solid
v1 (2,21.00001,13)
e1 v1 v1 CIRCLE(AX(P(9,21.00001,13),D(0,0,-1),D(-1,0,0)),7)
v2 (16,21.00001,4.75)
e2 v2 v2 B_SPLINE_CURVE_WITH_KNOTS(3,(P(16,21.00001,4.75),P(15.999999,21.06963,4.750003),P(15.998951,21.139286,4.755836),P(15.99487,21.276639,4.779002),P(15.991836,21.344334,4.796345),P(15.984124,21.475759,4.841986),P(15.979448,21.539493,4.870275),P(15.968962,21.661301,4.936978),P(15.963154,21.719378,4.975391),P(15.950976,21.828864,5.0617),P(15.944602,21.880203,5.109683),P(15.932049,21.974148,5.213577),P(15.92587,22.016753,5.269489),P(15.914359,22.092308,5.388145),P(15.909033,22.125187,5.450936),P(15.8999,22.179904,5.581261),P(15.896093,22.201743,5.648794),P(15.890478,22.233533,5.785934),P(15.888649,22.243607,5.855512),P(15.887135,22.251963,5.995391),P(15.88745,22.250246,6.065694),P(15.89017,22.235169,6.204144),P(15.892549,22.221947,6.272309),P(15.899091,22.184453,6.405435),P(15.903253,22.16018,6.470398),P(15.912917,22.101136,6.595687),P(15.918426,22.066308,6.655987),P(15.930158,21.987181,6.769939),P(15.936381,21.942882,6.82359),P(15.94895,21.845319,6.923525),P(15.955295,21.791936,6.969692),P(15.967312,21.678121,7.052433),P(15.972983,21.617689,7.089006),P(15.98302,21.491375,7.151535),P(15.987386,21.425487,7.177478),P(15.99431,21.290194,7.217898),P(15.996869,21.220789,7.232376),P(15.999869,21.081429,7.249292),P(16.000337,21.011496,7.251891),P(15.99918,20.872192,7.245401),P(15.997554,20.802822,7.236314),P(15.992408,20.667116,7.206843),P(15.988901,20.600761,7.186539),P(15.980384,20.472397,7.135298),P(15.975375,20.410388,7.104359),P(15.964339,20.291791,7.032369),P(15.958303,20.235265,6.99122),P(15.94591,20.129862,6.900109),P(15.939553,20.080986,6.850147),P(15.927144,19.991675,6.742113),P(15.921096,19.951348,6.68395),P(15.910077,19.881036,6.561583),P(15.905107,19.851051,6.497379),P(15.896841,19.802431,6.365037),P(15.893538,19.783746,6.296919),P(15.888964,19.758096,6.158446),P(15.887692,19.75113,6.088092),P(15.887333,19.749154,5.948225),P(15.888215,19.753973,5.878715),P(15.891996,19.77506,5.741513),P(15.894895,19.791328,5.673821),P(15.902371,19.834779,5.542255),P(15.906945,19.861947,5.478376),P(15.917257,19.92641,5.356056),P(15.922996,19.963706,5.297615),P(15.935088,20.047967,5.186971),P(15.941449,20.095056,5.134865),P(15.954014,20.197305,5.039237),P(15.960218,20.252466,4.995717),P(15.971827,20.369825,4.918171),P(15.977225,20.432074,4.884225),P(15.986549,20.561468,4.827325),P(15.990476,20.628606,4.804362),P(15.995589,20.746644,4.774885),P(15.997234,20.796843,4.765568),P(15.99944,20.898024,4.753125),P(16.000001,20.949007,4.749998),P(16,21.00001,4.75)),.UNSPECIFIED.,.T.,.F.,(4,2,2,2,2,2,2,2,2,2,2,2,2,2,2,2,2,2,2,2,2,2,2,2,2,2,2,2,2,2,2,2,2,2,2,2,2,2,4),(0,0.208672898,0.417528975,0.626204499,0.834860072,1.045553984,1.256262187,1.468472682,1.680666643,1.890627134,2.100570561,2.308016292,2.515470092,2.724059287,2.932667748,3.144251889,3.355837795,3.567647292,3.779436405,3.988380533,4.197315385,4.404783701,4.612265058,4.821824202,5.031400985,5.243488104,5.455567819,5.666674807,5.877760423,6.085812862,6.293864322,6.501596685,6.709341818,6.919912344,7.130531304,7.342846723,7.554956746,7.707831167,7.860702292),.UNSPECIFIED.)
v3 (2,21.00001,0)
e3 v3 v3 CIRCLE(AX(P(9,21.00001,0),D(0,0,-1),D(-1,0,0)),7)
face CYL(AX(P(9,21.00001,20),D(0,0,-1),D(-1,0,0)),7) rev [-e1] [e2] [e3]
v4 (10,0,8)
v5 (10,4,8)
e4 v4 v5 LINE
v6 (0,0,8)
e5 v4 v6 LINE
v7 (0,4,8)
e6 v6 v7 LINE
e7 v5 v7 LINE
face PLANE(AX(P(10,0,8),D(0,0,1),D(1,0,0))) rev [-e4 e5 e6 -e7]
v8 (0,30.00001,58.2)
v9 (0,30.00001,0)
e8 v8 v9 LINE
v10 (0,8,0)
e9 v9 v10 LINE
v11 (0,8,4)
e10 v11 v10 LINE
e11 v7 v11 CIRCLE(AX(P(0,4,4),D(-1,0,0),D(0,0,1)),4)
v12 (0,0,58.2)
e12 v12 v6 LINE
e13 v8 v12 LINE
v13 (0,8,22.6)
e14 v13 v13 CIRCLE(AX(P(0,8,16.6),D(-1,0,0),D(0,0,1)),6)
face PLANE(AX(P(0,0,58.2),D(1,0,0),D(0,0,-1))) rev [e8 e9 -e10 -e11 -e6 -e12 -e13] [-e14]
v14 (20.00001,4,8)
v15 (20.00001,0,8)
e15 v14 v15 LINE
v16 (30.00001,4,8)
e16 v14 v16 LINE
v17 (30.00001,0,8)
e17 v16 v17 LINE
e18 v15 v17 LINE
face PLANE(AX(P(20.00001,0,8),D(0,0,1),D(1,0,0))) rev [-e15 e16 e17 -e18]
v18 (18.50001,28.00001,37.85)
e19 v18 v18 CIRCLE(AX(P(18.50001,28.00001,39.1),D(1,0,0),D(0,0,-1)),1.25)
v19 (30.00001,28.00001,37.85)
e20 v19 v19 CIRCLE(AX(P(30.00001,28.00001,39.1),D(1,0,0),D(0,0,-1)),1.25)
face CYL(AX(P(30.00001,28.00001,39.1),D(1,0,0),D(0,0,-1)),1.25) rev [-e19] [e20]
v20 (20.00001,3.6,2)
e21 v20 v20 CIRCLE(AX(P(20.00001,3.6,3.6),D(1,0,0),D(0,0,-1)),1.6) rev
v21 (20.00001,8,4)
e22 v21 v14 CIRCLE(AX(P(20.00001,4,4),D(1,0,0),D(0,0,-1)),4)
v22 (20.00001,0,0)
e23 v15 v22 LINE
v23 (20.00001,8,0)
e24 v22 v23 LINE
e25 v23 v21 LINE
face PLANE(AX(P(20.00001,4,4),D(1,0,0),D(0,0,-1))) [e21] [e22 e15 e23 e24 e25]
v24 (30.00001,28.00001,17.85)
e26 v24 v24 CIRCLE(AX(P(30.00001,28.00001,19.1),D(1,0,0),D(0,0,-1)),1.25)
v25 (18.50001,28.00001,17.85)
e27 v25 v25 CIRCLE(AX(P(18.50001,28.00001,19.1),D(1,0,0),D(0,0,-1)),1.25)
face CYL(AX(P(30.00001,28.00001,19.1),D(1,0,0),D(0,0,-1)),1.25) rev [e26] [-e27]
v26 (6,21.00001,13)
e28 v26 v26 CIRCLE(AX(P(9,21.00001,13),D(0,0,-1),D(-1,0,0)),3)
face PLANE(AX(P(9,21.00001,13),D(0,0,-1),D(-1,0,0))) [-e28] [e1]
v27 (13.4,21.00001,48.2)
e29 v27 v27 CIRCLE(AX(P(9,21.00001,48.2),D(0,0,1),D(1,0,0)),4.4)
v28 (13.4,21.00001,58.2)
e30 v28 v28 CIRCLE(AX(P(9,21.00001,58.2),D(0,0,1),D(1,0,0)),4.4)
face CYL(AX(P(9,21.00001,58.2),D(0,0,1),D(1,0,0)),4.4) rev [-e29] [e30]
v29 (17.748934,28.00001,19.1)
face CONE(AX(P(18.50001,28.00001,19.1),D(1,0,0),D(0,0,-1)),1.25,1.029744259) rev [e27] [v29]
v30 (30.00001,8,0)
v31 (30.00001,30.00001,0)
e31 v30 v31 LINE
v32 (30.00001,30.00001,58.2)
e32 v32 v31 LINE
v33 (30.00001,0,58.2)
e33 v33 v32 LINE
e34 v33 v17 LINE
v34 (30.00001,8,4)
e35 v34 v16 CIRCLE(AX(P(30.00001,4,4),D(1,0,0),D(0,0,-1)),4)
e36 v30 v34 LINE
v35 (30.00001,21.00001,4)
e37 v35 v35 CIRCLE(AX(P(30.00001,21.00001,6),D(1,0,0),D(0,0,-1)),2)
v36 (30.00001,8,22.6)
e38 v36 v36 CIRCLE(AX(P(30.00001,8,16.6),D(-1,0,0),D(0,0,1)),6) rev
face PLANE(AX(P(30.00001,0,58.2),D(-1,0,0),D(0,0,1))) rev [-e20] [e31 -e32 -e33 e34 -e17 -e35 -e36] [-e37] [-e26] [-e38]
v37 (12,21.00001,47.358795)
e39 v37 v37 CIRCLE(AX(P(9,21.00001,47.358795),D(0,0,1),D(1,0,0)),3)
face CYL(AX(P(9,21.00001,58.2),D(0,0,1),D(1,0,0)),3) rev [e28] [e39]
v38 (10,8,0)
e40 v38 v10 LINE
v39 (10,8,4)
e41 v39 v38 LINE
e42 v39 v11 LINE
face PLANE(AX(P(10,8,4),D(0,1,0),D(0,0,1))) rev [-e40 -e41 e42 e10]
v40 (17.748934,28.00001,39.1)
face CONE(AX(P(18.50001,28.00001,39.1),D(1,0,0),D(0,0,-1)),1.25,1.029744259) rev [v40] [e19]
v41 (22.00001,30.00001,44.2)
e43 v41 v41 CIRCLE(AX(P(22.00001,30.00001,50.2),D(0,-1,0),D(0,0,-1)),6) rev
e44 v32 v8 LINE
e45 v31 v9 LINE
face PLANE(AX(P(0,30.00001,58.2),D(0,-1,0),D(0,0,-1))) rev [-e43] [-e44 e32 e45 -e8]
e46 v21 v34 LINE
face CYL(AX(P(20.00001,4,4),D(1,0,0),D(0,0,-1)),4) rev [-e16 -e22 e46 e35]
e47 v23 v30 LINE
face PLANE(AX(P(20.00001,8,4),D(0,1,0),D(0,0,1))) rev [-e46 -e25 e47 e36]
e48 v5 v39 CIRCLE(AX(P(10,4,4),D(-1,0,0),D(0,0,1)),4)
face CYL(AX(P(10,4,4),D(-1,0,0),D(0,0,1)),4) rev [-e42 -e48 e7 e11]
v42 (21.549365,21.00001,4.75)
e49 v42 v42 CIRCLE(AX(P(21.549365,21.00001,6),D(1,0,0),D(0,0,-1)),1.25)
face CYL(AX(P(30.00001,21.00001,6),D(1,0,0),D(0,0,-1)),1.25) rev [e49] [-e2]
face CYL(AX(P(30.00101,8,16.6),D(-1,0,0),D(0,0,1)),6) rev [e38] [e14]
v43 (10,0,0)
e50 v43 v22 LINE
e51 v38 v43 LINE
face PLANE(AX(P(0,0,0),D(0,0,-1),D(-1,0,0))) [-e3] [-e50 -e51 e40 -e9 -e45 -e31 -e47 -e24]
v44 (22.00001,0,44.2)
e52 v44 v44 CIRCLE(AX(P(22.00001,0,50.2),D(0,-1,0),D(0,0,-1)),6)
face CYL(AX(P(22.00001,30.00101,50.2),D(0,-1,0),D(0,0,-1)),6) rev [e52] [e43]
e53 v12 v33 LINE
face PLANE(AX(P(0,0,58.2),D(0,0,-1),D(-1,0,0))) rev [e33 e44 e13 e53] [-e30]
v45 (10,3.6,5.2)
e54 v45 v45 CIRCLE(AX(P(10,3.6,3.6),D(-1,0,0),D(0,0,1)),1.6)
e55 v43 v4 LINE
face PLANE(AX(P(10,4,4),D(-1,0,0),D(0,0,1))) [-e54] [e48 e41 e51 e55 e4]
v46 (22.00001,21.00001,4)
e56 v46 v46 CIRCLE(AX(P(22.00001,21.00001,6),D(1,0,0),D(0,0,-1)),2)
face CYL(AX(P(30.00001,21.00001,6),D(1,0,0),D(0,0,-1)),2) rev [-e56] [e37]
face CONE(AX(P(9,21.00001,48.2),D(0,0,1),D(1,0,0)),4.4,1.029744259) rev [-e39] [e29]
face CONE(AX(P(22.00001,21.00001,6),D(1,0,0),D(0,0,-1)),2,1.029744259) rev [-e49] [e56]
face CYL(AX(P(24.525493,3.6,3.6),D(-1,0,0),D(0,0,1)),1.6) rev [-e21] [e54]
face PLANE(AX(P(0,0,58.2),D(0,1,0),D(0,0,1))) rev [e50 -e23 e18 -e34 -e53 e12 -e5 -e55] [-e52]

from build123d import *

# Parameters (mm, degrees)
SCHIZZO1_W                   = 30.00001
SCHIZZO1_H                   = 30.00001
ESTRUSIONE_ESTRUSIONE1_DEPTH = 58.2
TAGLIO_ESTRUSIONE1_REACH     = 74.023
SCHIZZO2_R                   = 6
TAGLIO_ESTRUSIONE2_REACH     = 74.023
SCHIZZO3_R                   = 6
SCHIZZO5_R                   = 7
TAGLIO_ESTRUSIONE3_DEPTH     = 20
FORO_6_0_6_1_D               = 6
FORO_FILETTATO_G1_8_1_D      = 8.8
FORO_FILETTATO_G1_8_1_DEPTH  = 10
FORO_FILETTATO_G1_8_1_TIP    = 2.643786724
FORO_FILETTATO_M3_1_REACH    = 74.023
FORO_FILETTATO_M3_1_BORE_R   = 1.25
FORO_4_0_4_2_D               = 4
FORO_4_0_4_2_DEPTH           = 8
FORO_4_0_4_2_TIP             = 1.201721238
TAGLIO_ESTRUSIONE5_DEPTH     = 10
TAGLIO_ESTRUSIONE6_START     = -10
TAGLIO_ESTRUSIONE6_DEPTH     = 10
SCHIZZO23_R                  = 1.6
TAGLIO_ESTRUSIONE7_DEPTH     = 10.00001
ESTRUSIONE_ESTRUSIONE2_START = 7
SCHIZZO24_R                  = 7
SCHIZZO24_R_2                = 3
ESTRUSIONE_ESTRUSIONE2_DEPTH = 7
FORO_FILETTATO_M3_2_D        = 2.5
FORO_FILETTATO_M3_2_DEPTH    = 11.5
FORO_FILETTATO_M3_2_TIP      = 0.751075774


with BuildPart() as part:
    # Schizzo1 → Estrusione-Estrusione1 (new body)
    with BuildSketch(Plane.XY):
        with Locations((15.000005, 15.000005)):
            Rectangle(SCHIZZO1_W, SCHIZZO1_H)
    extrude(amount=ESTRUSIONE_ESTRUSIONE1_DEPTH)

    # Schizzo2 → Taglio-Estrusione1 (cut, up to next)
    with BuildSketch(Plane.XZ, mode=Mode.PRIVATE) as taglio_estrusione1_sk1:
        with Locations(Location((22.00001, 50.2, 0), (0, 0, 270))):
            Circle(SCHIZZO2_R)
    taglio_estrusione1_tool1 = extrude(taglio_estrusione1_sk1.sketch, amount=-TAGLIO_ESTRUSIONE1_REACH, mode=Mode.PRIVATE) & part.part
    add(taglio_estrusione1_tool1.solids().sort_by_distance((22.00001, 0, 50.2))[0], mode=Mode.SUBTRACT)

    # Schizzo3 → Taglio-Estrusione2 (cut, up to next)
    with BuildSketch(Plane.ZY, mode=Mode.PRIVATE) as taglio_estrusione2_sk1:
        with Locations((16.6, 8)):
            Circle(SCHIZZO3_R)
    taglio_estrusione2_tool1 = extrude(taglio_estrusione2_sk1.sketch, amount=-TAGLIO_ESTRUSIONE2_REACH, mode=Mode.PRIVATE) & part.part
    add(taglio_estrusione2_tool1.solids().sort_by_distance((0, 8, 16.6))[0], mode=Mode.SUBTRACT)

    # Schizzo5 → Taglio-Estrusione3 (cut)
    with BuildSketch(Plane(origin=(0, 0, 0), x_dir=(-1, 0, 0), z_dir=(0, 0, -1))):
        with Locations((-9, 21.00001)):
            Circle(SCHIZZO5_R)
    extrude(amount=-TAGLIO_ESTRUSIONE3_DEPTH, mode=Mode.SUBTRACT)

    # Foro Ø6.0 (6)-1 (through all)
    with Locations(Plane.XY.offset(58.2)):
        with Locations((9, 21.00001)):
            Hole(FORO_6_0_6_1_D / 2)

    # Foro filettato G1/8-1
    with Locations(Plane(origin=(9, 21.00001, 58.2), x_dir=(1, 0, 0), z_dir=(0, 0, 1))):
        with Locations((0, 0)):
            Hole(FORO_FILETTATO_G1_8_1_D / 2, depth=FORO_FILETTATO_G1_8_1_DEPTH)
            with Locations((0, 0, -(FORO_FILETTATO_G1_8_1_DEPTH + FORO_FILETTATO_G1_8_1_TIP / 2))):  # 118° drill point
                Cone(0, FORO_FILETTATO_G1_8_1_D / 2, FORO_FILETTATO_G1_8_1_TIP, mode=Mode.SUBTRACT)

    # Foro filettato M3-1 bore → Foro filettato M3-1 (cut, up to next)
    with BuildSketch(Plane(origin=(30.00001, 0, 0), x_dir=(0, 0, -1), z_dir=(1, 0, 0)), mode=Mode.PRIVATE) as foro_filettato_m3_1_sk1:
        with Locations((-6, 21.00001)):
            Circle(FORO_FILETTATO_M3_1_BORE_R)
    foro_filettato_m3_1_tool1 = extrude(foro_filettato_m3_1_sk1.sketch, amount=-FORO_FILETTATO_M3_1_REACH, mode=Mode.PRIVATE) & part.part
    add(foro_filettato_m3_1_tool1.solids().sort_by_distance((30.00001, 21.00001, 6))[0], mode=Mode.SUBTRACT)

    # Foro Ø4.0 (4)-2
    with Locations(Plane(origin=(30.00001, 0, 0), x_dir=(0, 0, -1), z_dir=(1, 0, 0))):
        with Locations((-6, 21.00001)):
            Hole(FORO_4_0_4_2_D / 2, depth=FORO_4_0_4_2_DEPTH)
            with Locations((0, 0, -(FORO_4_0_4_2_DEPTH + FORO_4_0_4_2_TIP / 2))):  # 118° drill point
                Cone(0, FORO_4_0_4_2_D / 2, FORO_4_0_4_2_TIP, mode=Mode.SUBTRACT)

    # Schizzo20 → Taglio-Estrusione5 (cut)
    with BuildSketch(Plane.ZY):
        with BuildLine():
            Line((4, 8), (0, 8))
            Line((0, 8), (0, 0))
            Line((0, 0), (8, 0))
            Line((8, 0), (8, 4))
            ThreePointArc((8, 4), (6.828427125, 6.828427125), (4, 8))
        make_face()
    extrude(amount=-TAGLIO_ESTRUSIONE5_DEPTH, mode=Mode.SUBTRACT)

    # Schizzo21 → Taglio-Estrusione6 (cut)
    with BuildSketch(Plane(origin=(30.00001, 0, 0), x_dir=(0, 0, -1), z_dir=(1, 0, 0)).offset(TAGLIO_ESTRUSIONE6_START)):
        with BuildLine():
            Line((-8, 0), (-8, 4))
            ThreePointArc((-8, 4), (-6.828427125, 6.828427125), (-4, 8))
            Line((-4, 8), (0, 8))
            Line((0, 8), (0, 0))
            Line((0, 0), (-8, 0))
        make_face()
    extrude(amount=TAGLIO_ESTRUSIONE6_DEPTH, mode=Mode.SUBTRACT)

    # Schizzo23 → Taglio-Estrusione7 (cut)
    with BuildSketch(Plane.ZY.offset(-10)):
        with Locations((3.6, 3.6)):
            Circle(SCHIZZO23_R)
    extrude(amount=-TAGLIO_ESTRUSIONE7_DEPTH, mode=Mode.SUBTRACT)

    # Schizzo24 → Estrusione-Estrusione2 (add)
    with BuildSketch(Plane(origin=(0, 0, 20), x_dir=(-1, 0, 0), z_dir=(0, 0, -1)).offset(ESTRUSIONE_ESTRUSIONE2_START)):
        with Locations((-9, 21.00001)):
            Circle(SCHIZZO24_R)
        with Locations(Location((-9, 21.00001, 0), (0, 0, 180))):
            Circle(SCHIZZO24_R_2, mode=Mode.SUBTRACT)
    extrude(amount=-ESTRUSIONE_ESTRUSIONE2_DEPTH)

    # Foro filettato M3-2
    with Locations(Plane(origin=(30.00001, 28.00001, 39.1), x_dir=(0, 0, 1), z_dir=(1, 0, 0))):
        with Locations((0, 0), (-20, 0)):
            Hole(FORO_FILETTATO_M3_2_D / 2, depth=FORO_FILETTATO_M3_2_DEPTH)
            with Locations((0, 0, -(FORO_FILETTATO_M3_2_DEPTH + FORO_FILETTATO_M3_2_TIP / 2))):  # 118° drill point
                Cone(0, FORO_FILETTATO_M3_2_D / 2, FORO_FILETTATO_M3_2_TIP, mode=Mode.SUBTRACT)


solid = part.part
